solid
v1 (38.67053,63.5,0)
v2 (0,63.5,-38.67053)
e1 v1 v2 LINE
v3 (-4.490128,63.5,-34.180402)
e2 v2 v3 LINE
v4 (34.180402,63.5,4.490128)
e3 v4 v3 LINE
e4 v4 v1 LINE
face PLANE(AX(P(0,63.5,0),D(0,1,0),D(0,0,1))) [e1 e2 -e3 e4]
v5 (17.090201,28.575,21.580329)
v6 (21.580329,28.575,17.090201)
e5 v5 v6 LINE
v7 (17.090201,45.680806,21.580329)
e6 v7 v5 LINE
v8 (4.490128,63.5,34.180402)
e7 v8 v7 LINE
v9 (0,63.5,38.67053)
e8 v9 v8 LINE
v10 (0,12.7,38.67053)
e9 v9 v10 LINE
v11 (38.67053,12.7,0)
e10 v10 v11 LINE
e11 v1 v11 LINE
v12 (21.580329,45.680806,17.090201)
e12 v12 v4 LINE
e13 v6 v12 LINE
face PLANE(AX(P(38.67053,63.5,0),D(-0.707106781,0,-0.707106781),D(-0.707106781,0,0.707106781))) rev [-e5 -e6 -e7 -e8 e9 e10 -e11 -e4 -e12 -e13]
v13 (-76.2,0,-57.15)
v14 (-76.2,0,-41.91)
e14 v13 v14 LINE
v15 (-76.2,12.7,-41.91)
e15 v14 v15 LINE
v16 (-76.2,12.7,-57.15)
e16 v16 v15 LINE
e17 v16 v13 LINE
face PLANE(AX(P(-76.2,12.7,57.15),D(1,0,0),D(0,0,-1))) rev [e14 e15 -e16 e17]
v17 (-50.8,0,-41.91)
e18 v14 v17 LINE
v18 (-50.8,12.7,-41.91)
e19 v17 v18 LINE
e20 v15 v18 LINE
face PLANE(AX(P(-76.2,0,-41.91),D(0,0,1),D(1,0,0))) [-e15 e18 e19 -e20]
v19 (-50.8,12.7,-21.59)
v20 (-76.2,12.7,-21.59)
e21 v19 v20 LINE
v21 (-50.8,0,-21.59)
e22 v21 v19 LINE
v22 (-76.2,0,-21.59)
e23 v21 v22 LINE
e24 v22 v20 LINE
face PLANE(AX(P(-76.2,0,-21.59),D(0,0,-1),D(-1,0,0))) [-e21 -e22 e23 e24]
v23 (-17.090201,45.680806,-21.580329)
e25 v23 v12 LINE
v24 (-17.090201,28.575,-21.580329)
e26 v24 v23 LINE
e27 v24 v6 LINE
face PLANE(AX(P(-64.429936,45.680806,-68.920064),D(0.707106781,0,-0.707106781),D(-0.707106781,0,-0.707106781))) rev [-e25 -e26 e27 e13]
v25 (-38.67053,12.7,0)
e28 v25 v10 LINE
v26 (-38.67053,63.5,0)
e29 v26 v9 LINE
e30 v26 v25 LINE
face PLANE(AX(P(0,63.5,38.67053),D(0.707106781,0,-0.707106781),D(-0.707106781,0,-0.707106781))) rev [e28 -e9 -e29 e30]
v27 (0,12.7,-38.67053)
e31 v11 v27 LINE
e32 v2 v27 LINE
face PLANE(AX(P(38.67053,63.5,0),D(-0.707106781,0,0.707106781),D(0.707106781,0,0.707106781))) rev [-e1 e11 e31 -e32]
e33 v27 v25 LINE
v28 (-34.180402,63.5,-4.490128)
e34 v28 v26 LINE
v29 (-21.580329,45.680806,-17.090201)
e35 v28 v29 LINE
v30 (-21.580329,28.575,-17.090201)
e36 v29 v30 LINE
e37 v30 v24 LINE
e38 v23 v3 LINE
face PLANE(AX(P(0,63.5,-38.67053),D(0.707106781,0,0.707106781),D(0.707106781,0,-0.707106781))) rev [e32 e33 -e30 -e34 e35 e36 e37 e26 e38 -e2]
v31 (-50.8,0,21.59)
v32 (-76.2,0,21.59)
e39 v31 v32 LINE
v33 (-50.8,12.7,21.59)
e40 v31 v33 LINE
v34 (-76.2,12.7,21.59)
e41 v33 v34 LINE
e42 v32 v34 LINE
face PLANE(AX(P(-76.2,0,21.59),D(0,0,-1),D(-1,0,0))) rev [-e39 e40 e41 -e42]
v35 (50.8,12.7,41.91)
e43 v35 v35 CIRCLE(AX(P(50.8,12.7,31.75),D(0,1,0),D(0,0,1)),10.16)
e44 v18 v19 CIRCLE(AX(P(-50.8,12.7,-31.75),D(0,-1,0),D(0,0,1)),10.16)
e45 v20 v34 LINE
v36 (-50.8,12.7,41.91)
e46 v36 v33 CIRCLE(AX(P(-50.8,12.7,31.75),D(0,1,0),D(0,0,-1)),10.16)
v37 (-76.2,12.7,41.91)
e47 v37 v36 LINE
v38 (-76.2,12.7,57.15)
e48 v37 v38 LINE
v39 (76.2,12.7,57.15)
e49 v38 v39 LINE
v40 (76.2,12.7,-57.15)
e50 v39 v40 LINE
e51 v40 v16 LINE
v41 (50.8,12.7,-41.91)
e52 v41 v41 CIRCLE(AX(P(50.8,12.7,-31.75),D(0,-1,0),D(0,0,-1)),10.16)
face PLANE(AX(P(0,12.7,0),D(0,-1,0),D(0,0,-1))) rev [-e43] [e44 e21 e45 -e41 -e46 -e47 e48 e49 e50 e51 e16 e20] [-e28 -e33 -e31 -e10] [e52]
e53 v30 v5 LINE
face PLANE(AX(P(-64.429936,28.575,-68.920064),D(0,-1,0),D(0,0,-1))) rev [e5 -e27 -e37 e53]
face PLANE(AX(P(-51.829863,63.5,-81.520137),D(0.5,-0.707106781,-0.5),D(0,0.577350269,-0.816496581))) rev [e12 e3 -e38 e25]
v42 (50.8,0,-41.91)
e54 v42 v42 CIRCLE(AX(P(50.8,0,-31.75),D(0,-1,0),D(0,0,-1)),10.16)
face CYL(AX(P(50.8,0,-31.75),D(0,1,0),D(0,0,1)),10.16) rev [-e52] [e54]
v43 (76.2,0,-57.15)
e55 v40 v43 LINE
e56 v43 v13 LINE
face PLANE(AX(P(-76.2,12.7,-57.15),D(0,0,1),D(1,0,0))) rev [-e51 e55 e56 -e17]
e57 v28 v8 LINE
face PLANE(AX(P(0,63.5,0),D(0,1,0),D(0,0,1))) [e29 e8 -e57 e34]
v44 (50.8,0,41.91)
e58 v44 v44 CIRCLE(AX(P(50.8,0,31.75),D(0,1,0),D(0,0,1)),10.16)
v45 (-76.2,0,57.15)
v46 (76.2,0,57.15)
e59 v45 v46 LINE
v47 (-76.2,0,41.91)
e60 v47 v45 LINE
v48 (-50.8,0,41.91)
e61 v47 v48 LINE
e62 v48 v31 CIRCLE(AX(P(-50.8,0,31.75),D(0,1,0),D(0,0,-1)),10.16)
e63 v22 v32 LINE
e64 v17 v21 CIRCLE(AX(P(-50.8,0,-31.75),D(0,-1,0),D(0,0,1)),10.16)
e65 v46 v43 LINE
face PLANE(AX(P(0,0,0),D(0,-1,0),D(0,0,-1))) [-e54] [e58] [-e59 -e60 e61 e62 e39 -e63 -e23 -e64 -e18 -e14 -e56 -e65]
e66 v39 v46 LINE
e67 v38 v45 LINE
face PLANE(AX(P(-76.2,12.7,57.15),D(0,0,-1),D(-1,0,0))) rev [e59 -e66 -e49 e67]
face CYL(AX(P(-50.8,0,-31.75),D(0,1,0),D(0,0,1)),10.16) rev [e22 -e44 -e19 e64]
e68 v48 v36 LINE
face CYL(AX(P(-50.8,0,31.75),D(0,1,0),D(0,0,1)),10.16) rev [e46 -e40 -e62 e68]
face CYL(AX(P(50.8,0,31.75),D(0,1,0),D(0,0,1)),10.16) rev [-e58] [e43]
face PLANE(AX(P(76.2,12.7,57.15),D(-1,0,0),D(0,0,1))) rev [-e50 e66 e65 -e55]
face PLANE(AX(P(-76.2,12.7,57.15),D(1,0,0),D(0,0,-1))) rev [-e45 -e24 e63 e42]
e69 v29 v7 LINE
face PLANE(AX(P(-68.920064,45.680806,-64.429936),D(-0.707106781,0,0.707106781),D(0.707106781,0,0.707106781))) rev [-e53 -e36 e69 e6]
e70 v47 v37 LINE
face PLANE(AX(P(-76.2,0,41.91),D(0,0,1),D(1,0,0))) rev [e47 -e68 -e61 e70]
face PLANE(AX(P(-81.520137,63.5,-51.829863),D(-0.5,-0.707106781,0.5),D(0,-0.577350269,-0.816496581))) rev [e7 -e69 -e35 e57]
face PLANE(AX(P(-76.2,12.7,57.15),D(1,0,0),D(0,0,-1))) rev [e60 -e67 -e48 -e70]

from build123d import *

# Parameters (mm, degrees)
CROQUIS1_W              = 152.4
CROQUIS1_H              = 114.3
SALIENTE_EXTRUIR1_DEPTH = 12.7
CROQUIS2_R              = 10.16
CORTAR_EXTRUIR1_DEPTH   = 97.092936785
SALIENTE_EXTRUIR2_DEPTH = 50.8
CORTAR_EXTRUIR2_DEPTH   = 138.873973454


with BuildPart() as part:
    # Croquis1 → Saliente-Extruir1 (new body)
    with BuildSketch(Plane(origin=(0, 0, 0), x_dir=(1, 0, 0), z_dir=(0, 1, 0))):
        Rectangle(CROQUIS1_W, CROQUIS1_H)
    extrude(amount=SALIENTE_EXTRUIR1_DEPTH)

    # Croquis2 → Cortar-Extruir1 (cut, through all)
    with BuildSketch(Plane(origin=(0, 12.7, 0), x_dir=(1, 0, 0), z_dir=(0, 1, 0))):
        with Locations(Location((50.8, -31.75, 0), (0, 0, 270))):
            Circle(CROQUIS2_R)
        with BuildLine():
            Line((-76.2, -21.59), (-50.8, -21.59))
            ThreePointArc((-50.8, -21.59), (-40.64, -31.75), (-50.8, -41.91))
            Line((-50.8, -41.91), (-76.2, -41.91))
            Line((-76.2, -41.91), (-76.2, -21.59))
        make_face()
    cortar_extruir1 = extrude(amount=-CORTAR_EXTRUIR1_DEPTH, mode=Mode.SUBTRACT)

    # Simetría1: Cortar-Extruir1 across plane
    add(cortar_extruir1.mirror(Plane.XY), mode=Mode.SUBTRACT)

    # Croquis3 → Saliente-Extruir2 (add)
    with BuildSketch(Plane(origin=(0, 12.7, 0), x_dir=(1, 0, 0), z_dir=(0, 1, 0))):
        Polygon((38.670529624, 0), (0, -38.670529624), (-38.670529624, 0), (0, 38.670529624), align=None)
    extrude(amount=SALIENTE_EXTRUIR2_DEPTH)

    # Croquis4 → Cortar-Extruir2 (cut, through all)
    with BuildSketch(Plane(origin=(19.335264812, 0, 19.335264812), x_dir=(0.7071067811865462, 0, -0.7071067811865488), z_dir=(0.7071067811865488, 0, 0.7071067811865462))):
        Polygon((-20.994193729, 63.5), (20.994193729, 63.5), (3.175, 45.680806271), (3.175, 28.575), (-3.175, 28.575), (-3.175, 45.680806271), align=None)
    extrude(amount=-CORTAR_EXTRUIR2_DEPTH, mode=Mode.SUBTRACT)


solid = part.part
